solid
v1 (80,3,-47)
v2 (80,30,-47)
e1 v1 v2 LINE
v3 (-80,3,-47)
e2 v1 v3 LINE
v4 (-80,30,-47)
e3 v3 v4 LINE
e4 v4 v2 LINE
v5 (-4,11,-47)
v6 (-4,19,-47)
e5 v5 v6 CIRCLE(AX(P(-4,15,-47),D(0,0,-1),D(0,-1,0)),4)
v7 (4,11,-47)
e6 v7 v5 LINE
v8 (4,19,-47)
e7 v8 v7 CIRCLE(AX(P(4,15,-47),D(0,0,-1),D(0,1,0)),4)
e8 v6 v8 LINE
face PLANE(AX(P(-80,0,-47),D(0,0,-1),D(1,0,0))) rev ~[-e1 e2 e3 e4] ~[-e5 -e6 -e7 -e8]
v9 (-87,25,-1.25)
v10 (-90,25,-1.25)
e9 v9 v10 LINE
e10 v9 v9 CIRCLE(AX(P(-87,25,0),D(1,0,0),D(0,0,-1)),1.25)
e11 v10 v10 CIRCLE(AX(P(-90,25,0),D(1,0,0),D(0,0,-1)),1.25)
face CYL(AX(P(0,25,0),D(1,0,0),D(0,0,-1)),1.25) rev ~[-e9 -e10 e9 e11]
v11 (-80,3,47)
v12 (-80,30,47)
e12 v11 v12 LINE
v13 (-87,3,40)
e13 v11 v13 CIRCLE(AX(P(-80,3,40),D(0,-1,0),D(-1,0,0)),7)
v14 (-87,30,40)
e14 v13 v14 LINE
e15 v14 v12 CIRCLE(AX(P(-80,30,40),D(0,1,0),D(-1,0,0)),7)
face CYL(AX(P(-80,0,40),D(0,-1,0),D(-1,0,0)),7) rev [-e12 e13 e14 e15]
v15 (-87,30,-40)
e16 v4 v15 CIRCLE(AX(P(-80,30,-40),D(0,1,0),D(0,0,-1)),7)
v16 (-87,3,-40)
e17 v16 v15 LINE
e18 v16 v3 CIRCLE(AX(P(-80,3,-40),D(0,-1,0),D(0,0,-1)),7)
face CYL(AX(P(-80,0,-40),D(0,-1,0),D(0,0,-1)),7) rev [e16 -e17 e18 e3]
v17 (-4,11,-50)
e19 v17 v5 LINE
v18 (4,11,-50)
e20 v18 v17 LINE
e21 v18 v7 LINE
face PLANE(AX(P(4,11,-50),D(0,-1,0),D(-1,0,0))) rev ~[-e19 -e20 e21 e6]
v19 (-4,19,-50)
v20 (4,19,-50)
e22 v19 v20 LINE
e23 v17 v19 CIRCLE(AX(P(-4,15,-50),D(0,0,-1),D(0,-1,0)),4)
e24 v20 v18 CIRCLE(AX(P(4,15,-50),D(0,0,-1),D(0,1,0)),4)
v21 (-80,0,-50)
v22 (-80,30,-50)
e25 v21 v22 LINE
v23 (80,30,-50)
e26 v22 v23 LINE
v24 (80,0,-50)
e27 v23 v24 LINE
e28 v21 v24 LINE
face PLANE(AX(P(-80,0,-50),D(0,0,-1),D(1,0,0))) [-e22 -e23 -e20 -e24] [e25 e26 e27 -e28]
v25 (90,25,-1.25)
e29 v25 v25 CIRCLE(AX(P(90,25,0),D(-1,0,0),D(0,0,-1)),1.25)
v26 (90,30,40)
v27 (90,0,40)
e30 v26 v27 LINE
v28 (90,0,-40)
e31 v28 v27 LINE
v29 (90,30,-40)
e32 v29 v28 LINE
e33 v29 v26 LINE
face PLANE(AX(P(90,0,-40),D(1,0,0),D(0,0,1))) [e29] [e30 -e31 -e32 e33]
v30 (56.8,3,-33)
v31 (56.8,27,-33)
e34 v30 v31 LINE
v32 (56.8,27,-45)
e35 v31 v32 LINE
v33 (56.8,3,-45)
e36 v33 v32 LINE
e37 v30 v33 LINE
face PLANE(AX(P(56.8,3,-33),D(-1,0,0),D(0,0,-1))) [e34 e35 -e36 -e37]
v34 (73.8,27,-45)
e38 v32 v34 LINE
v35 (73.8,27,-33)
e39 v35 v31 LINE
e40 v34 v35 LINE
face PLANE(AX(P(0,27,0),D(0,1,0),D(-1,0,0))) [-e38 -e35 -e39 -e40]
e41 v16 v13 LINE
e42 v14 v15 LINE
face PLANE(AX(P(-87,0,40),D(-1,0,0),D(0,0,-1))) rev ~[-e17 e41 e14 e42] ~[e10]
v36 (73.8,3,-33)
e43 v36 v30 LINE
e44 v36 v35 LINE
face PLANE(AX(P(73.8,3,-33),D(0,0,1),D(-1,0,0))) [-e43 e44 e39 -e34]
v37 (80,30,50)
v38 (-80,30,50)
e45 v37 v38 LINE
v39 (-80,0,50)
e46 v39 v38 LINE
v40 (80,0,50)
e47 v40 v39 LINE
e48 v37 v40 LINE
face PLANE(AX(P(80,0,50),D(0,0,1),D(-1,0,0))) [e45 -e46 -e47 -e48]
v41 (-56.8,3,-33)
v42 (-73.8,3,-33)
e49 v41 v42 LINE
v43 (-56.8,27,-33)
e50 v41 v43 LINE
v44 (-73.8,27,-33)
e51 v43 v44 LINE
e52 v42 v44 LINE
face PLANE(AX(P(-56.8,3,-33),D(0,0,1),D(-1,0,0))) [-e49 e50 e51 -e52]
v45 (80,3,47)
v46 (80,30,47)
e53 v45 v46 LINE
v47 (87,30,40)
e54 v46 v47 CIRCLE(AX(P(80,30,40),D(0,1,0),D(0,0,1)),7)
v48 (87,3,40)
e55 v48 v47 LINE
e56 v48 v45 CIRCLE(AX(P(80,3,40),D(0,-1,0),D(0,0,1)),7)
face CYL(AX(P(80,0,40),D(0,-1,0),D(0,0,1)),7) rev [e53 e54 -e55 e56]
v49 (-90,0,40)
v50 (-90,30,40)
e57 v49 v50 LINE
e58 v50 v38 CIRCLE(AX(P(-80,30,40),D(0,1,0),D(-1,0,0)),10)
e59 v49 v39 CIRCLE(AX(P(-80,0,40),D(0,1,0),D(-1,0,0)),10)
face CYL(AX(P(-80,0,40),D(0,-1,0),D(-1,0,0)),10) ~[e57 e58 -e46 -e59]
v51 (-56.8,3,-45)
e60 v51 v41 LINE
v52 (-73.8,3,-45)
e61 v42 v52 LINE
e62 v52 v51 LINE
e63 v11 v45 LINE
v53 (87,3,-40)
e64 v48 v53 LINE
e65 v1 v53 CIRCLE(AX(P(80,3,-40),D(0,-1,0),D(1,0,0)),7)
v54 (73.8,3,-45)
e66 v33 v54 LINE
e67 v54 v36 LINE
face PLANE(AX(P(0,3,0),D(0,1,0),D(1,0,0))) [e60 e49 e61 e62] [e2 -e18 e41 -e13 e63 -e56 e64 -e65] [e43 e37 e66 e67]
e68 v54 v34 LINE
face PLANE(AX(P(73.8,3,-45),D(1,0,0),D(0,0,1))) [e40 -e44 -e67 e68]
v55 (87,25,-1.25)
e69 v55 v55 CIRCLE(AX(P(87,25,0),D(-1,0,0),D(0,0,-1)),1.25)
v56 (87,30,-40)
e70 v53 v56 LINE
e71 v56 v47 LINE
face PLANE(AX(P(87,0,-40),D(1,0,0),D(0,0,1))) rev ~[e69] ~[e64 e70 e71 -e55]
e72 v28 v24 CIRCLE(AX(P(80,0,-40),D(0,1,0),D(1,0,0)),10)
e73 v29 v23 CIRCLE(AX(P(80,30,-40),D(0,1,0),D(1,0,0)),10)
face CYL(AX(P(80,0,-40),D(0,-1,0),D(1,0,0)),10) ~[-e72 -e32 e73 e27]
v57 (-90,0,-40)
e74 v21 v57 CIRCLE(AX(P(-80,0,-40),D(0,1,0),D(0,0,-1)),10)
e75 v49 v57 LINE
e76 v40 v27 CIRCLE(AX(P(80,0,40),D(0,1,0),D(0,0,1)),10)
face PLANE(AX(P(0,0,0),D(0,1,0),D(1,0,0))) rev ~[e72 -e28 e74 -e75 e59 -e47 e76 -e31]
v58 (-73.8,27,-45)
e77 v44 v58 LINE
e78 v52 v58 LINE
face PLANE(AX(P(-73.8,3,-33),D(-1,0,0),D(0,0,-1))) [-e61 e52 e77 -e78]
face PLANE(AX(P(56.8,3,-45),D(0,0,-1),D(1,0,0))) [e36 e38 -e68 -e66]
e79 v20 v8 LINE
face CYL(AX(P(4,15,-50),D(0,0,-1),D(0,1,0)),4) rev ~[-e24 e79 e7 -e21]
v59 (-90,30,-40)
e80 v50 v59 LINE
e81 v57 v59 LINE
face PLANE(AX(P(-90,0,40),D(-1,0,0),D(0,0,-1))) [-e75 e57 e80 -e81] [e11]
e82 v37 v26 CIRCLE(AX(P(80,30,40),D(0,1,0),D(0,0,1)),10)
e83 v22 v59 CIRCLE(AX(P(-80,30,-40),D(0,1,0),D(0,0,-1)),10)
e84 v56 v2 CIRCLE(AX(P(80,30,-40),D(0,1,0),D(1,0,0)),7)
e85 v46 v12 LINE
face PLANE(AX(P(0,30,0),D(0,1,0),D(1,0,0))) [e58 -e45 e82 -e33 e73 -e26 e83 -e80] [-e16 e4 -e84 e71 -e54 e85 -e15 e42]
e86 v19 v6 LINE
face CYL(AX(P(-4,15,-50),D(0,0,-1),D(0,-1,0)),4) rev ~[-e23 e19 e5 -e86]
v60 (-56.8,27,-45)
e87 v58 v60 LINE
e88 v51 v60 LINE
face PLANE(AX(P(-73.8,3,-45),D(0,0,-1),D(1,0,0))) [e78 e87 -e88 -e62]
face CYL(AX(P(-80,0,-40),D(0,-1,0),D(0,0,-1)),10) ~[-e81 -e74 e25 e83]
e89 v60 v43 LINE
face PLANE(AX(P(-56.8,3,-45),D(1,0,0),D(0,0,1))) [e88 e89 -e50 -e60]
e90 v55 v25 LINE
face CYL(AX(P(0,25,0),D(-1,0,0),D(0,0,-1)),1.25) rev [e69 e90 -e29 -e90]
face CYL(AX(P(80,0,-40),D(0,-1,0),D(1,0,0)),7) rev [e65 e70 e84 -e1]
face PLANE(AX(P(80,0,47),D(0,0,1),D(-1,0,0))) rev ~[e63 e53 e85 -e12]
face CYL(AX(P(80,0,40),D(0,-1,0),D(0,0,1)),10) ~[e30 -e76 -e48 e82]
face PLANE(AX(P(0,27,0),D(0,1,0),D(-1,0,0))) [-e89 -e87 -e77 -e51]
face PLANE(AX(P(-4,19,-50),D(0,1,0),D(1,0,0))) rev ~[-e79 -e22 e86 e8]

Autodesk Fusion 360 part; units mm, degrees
sketch "Walls" plane through (0, 0, 0) normal (0, 1, 0) x (1, 0, 0)
  line L0 (-80, 50) -> (80, 50)
  line L1 (90, 40) -> (90, -40)
  line L2 (80, -50) -> (-80, -50)
  line L3 (-90, -40) -> (-90, 40)
  line L4 (-90, 50) -> (90, -50) construction
  line L5 (90, 50) -> (-90, -50) construction
  arc A0 (-90, -40) -> (-80, -50) centre (-80, -40) ccw
  arc A1 (80, -50) -> (90, -40) centre (80, -40) ccw
  arc A2 (90, 40) -> (80, 50) centre (80, 40) ccw
  arc A3 (-80, 50) -> (-90, 40) centre (-80, 40) ccw
  arc A4 (87, 40) -> (80, 47) centre (80, 40) ccw
  line L6 (-80, 47) -> (80, 47)
  arc A5 (-80, 47) -> (-87, 40) centre (-80, 40) ccw
  line L7 (-87, -40) -> (-87, 40)
  arc A6 (-87, -40) -> (-80, -47) centre (-80, -40) ccw
  line L8 (80, -47) -> (-80, -47)
  arc A7 (80, -47) -> (87, -40) centre (80, -40) ccw
  line L9 (87, 40) -> (87, -40)
  dimension "d1" = 180
  dimension "d2" = 100
  dimension "d3" = 10
  dimension "d4" = 3
extrude "Floor Extrusion" add sketch "Walls" along normal blind 3 contours L0 L1 L2 L3 A0 A1 A2 A3 | A4 L6 A5 L7 A6 L8 A7 L9
extrude "Walls Extrusion" add sketch "Walls" along normal blind 30
sketch "Port" plane through (0, 0, -50) normal (0, 0, -1) x (-1, 0, 0)
  line L0 (-80, 0) -> (80, 0)
  line L1 (80, 0) -> (80, 30)
  line L2 (80, 30) -> (-80, 30)
  line L3 (-80, 30) -> (-80, 0)
  line L4 (4, 19) -> (-4, 19)
  arc A0 (-4, 19) -> (-4, 11) centre (-4, 15) ccw
  line L5 (-4, 11) -> (4, 11)
  arc A1 (4, 11) -> (4, 19) centre (4, 15) ccw
  line L6 (4, 15) -> (-4, 15) construction
  line L7 (80, 0) -> (-80, 0)
  dimension "d11" = 8
  dimension "d12" = 8
  dimension "d25" = 4
  dimension "d42" = 15
extrude "Port Extrusion" cut sketch "Port" against normal blind 3 contours L4 A0 L5 A1
sketch "Tab Holes" plane through (0, 0, 0) normal (1, 0, 0) x (0, 0, -1)
  circle A0 centre (0, 25) radius 1.25
  line L0 (-40, 30) -> (40, 30)
  dimension "d26" = 2.5
  dimension "d27" = 5
extrude "Tab Holes Extrusion" cut sketch "Tab Holes" along normal through all and the other way through all
sketch "Encoder Blocks" plane through (0, 3, 0) normal (0, 1, 0) x (-1, 0, 0)
  line L0 (87, -40) -> (87, 40)
  arc A0 (87, 40) -> (80, 47) centre (80, 40) ccw
  line L1 (80, 47) -> (-80, 47)
  arc A1 (-80, 47) -> (-87, 40) centre (-80, 40) ccw
  line L2 (-87, 40) -> (-87, -40)
  arc A2 (-87, -40) -> (-80, -47) centre (-80, -40) ccw
  line L3 (-80, -47) -> (80, -47)
  arc A3 (80, -47) -> (87, -40) centre (80, -40) ccw
  line L4 (73.8, -45) -> (56.8, -45)
  line L5 (56.8, -45) -> (56.8, -33)
  line L6 (56.8, -33) -> (73.8, -33)
  line L7 (73.8, -33) -> (73.8, -45)
  line L8 (73.8, -45) -> (56.8, -33) construction
  line L9 (56.8, -45) -> (73.8, -33) construction
  line L10 (80, -50) -> (-80, -50)
  line L11 (90, 40) -> (90, -40)
  line L12 (-56.8, -45) -> (-73.8, -33) construction
  line L13 (-56.8, -33) -> (-56.8, -45)
  line L14 (-56.8, -45) -> (-73.8, -45)
  line L15 (-73.8, -45) -> (-56.8, -33) construction
  line L16 (-73.8, -33) -> (-56.8, -33)
  line L17 (-73.8, -45) -> (-73.8, -33)
  line L18 (80, -47) -> (-80, -47)
  line L19 (-90, -40) -> (-90, 40)
  point P0 (65.3, -39)
  point P1 (-65.3, -39)
  dimension "d29" = 17
  dimension "d30" = 12
  dimension "d31" = 5
  dimension "d32" = 16.2
  dimension "d35" = 17
  dimension "d36" = 12
  dimension "d38" = 5
  dimension "d39" = 16.2
extrude "Left Encoder Block Extrusion" add sketch "Encoder Blocks" along normal blind 24 contours L4 L5 L6 L7
extrude "Right Encoder Block Extrusion" add sketch "Encoder Blocks" along normal blind 24 contours L13 L14 L16 L17
equation "d25 = ( 8 / 2 ) * 1 mm"
equation "d27 = ( 10 / 2 ) * 1 mm"
equation "d33 = 30 mm - 3 mm - 3 mm"
equation "d40 = 30 mm - 3 mm - 3 mm"
equation "d42 = ( 30 / 2 ) * 1 mm"
